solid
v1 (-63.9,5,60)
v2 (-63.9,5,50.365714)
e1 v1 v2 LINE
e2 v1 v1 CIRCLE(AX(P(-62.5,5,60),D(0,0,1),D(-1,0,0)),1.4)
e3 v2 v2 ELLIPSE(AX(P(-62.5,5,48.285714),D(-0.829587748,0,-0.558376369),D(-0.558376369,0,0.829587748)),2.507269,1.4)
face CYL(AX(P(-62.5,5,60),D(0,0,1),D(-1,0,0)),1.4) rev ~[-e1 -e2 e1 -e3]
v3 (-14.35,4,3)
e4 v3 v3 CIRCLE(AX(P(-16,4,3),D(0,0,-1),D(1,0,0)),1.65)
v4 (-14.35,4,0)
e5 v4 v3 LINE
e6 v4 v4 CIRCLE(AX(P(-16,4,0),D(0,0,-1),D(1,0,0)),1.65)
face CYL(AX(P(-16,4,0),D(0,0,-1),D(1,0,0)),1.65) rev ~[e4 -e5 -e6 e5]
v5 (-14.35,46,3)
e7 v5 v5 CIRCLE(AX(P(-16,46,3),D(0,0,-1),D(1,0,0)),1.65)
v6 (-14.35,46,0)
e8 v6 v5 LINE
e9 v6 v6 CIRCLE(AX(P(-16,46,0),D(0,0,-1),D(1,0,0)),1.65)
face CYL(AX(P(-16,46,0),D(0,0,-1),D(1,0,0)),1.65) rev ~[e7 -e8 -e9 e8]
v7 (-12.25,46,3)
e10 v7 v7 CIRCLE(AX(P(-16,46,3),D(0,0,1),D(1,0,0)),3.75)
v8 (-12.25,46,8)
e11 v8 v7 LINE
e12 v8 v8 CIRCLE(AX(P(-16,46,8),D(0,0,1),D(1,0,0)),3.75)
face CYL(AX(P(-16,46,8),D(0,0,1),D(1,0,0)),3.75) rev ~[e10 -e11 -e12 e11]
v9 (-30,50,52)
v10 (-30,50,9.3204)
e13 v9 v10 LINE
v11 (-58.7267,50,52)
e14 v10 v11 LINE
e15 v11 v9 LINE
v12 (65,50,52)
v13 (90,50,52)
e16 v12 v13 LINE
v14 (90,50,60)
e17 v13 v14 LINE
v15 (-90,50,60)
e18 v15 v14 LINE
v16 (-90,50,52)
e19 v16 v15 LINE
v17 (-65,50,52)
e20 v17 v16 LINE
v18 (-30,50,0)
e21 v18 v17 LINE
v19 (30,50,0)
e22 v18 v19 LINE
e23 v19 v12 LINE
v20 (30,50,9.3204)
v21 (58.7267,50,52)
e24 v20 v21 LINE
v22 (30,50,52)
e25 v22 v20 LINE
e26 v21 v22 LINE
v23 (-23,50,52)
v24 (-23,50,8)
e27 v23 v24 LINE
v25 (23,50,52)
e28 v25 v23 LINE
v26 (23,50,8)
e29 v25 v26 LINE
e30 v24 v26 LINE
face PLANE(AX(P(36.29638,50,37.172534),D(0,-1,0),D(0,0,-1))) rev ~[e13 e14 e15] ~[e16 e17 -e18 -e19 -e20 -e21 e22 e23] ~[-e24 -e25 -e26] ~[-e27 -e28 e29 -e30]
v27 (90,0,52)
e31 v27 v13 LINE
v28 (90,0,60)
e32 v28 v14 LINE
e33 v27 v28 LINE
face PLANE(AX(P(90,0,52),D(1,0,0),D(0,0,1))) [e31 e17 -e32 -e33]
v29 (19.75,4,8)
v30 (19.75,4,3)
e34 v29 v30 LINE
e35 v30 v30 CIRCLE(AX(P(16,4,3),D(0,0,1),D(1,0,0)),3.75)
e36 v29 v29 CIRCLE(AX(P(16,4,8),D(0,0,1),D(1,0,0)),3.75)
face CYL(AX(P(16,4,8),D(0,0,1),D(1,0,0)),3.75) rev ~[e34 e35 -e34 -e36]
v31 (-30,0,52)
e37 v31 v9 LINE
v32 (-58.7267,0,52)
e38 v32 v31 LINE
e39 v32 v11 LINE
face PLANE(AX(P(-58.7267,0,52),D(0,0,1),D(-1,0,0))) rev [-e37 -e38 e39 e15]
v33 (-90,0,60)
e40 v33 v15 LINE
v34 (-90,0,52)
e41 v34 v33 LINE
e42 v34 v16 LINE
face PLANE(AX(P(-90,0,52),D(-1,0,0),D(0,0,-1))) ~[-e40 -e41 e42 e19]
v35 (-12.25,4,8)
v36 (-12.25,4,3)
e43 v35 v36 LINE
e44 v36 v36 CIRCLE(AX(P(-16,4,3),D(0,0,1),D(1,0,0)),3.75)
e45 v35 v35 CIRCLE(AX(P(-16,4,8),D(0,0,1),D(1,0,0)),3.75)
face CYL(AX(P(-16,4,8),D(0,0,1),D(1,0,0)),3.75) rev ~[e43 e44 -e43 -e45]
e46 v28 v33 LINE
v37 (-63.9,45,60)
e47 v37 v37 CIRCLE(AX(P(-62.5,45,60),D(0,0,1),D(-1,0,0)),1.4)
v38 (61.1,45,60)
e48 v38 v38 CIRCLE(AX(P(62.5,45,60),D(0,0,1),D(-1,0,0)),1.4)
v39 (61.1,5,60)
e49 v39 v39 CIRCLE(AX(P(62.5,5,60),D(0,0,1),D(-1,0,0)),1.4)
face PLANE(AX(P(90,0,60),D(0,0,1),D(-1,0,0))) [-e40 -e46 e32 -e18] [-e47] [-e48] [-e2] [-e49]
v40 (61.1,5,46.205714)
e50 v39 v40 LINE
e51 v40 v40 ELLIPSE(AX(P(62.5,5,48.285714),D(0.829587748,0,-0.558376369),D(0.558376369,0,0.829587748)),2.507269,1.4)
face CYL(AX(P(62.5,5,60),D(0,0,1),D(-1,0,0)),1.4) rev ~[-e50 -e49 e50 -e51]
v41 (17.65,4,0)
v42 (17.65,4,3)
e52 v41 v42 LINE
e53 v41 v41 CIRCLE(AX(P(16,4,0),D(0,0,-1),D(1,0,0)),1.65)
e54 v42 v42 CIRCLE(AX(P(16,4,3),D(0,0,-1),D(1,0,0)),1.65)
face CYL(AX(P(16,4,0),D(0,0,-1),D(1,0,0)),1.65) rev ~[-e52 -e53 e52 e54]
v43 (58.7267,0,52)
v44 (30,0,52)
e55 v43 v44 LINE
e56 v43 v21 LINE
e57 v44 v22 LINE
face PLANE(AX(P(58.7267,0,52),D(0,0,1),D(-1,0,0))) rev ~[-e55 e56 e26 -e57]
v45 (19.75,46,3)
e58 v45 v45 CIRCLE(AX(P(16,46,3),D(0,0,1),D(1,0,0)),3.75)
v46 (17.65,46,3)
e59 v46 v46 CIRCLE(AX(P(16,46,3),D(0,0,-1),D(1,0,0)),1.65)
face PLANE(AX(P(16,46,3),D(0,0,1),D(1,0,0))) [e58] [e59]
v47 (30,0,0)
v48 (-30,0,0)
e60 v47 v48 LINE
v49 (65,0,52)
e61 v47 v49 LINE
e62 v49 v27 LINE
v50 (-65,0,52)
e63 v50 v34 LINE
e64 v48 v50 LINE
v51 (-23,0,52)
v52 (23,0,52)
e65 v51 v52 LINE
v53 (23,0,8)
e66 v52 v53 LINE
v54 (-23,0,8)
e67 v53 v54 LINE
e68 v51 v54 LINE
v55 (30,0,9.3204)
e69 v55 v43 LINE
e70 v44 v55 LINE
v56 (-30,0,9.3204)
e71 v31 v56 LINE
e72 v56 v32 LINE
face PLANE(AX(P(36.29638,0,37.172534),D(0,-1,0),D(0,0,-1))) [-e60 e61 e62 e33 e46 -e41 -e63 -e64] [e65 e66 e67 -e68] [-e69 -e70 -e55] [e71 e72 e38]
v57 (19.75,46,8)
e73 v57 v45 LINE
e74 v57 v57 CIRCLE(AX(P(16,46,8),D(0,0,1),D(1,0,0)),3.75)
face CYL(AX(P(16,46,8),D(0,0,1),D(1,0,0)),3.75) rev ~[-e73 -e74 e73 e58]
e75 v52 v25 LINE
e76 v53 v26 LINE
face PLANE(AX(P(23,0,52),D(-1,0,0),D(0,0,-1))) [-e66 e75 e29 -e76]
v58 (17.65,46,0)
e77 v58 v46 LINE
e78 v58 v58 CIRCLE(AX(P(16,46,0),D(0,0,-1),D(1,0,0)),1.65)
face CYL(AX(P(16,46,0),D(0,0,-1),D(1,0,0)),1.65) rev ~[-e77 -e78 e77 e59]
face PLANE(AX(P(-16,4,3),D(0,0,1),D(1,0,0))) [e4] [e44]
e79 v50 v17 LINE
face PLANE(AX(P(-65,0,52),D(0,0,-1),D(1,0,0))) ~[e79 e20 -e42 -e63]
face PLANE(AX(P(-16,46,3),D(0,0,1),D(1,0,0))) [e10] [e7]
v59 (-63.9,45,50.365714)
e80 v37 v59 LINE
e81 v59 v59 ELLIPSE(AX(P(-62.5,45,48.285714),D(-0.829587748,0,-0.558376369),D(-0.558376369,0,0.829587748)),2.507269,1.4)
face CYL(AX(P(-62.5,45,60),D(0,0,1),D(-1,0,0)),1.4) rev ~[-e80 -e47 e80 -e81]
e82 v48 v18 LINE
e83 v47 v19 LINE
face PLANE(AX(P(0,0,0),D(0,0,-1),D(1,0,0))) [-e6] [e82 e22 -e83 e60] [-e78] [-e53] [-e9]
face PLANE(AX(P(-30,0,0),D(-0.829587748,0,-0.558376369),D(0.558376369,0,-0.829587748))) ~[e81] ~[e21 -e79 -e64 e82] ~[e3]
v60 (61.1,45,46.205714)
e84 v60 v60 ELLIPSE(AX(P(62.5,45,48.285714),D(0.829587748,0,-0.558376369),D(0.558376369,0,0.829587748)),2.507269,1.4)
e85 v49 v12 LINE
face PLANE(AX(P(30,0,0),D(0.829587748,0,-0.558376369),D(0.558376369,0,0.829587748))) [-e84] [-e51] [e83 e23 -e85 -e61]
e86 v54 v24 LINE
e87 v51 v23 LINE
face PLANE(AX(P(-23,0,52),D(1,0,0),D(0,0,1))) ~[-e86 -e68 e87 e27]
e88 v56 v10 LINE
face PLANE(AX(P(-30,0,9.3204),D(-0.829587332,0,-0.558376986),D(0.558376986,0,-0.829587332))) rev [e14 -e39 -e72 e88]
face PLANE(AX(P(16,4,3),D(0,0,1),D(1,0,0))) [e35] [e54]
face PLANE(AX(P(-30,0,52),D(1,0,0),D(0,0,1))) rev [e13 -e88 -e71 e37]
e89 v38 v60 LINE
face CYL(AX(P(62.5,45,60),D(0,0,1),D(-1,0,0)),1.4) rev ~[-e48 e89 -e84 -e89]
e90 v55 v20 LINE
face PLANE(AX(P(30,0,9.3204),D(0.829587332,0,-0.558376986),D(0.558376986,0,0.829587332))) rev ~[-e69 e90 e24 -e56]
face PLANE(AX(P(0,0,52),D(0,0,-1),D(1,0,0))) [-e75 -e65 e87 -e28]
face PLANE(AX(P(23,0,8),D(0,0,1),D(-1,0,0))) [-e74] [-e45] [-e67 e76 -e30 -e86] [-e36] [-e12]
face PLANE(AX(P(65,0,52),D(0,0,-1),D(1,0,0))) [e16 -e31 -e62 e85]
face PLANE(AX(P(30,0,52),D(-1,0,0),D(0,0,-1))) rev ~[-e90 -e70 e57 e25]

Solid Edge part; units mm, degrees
sketch "Sketch1" plane through (0, 0, 0) normal (0, -1, 0) x (1, 0, 0)
  line L0 (30, 0) -> (65, 52)
  line L1 (65, 52) -> (90, 52)
  line L2 (90, 52) -> (90, 60)
  line L3 (90, 60) -> (56.9204, 60)
  line L4 (56.9204, 60) -> (0, 60)
  line L5 (0, 60) -> (0, 52)
  line L6 (0, 52) -> (23, 52)
  line L7 (23, 52) -> (23, 8)
  line L8 (23, 8) -> (0, 8)
  line L9 (0, 8) -> (0, 0)
  line L10 (0, 0) -> (30, 0)
  dimension "D1" = 8
  dimension "D2" = 30
  dimension "D3" = 23
  dimension "D4" = 8
  dimension "D5" = 60
  dimension "D6" = 65
extrude "Protrusion1" add sketch "Sketch1" against normal blind 50
mirror "Mirror1" about plane through (0, 25, 4) normal (-1, 0, 0) of "Protrusion1"
sketch "Sketch2" plane through (0, 0, 26) normal (0, -1, 0) x (1, 0, 0)
  line L0 (30, -16.6796) -> (58.7267, 26)
  line L1 (58.7267, 26) -> (30, 26)
  line L2 (30, 26) -> (30, -16.6796)
extrude "Cutout1" cut sketch "Sketch2" against normal through all
sketch "Sketch3" plane through (0, 25, 0) normal (0, 0, -1) x (1, 0, 0)
  circle A0 centre (-16, 21) radius 1.65
  circle A1 centre (16, 21) radius 1.65
  circle A2 centre (16, -21) radius 1.65
  circle A3 centre (-16, -21) radius 1.65
  dimension "D1" = 3.3
  dimension "D2" = 32
  dimension "D3" = 42
extrude "Cutout2" cut sketch "Sketch3" against normal up to next
sketch "Sketch4" plane through (0, 25, 8) normal (0, 0, 1) x (1, 0, 0)
  circle A0 centre (-16, -21) radius 3.75
  circle A1 centre (16, -21) radius 3.75
  circle A2 centre (-16, 21) radius 3.75
  circle A3 centre (16, 21) radius 3.75
  dimension "D1" = 7.5
extrude "Extrusionsausschnitt_4" cut sketch "Sketch4" against normal blind 5
sketch "Sketch5" plane through (0, 25, 60) normal (0, 0, 1) x (-1, 0, 0)
  circle A0 centre (-62.5, 20) radius 1.4
  circle A1 centre (-62.5, -20) radius 1.4
  circle A2 centre (62.5, -20) radius 1.4
  circle A3 centre (62.5, 20) radius 1.4
  dimension "D1" = 125
  dimension "D2" = 40
  dimension "D3" = 2.8
extrude "Cutout3" cut sketch "Sketch5" against normal through all
mirror "Mirror2" about plane through (0, 0, 0) normal (1, 0, 0) of "Cutout1"
properties material "Nylon, allgemein"
